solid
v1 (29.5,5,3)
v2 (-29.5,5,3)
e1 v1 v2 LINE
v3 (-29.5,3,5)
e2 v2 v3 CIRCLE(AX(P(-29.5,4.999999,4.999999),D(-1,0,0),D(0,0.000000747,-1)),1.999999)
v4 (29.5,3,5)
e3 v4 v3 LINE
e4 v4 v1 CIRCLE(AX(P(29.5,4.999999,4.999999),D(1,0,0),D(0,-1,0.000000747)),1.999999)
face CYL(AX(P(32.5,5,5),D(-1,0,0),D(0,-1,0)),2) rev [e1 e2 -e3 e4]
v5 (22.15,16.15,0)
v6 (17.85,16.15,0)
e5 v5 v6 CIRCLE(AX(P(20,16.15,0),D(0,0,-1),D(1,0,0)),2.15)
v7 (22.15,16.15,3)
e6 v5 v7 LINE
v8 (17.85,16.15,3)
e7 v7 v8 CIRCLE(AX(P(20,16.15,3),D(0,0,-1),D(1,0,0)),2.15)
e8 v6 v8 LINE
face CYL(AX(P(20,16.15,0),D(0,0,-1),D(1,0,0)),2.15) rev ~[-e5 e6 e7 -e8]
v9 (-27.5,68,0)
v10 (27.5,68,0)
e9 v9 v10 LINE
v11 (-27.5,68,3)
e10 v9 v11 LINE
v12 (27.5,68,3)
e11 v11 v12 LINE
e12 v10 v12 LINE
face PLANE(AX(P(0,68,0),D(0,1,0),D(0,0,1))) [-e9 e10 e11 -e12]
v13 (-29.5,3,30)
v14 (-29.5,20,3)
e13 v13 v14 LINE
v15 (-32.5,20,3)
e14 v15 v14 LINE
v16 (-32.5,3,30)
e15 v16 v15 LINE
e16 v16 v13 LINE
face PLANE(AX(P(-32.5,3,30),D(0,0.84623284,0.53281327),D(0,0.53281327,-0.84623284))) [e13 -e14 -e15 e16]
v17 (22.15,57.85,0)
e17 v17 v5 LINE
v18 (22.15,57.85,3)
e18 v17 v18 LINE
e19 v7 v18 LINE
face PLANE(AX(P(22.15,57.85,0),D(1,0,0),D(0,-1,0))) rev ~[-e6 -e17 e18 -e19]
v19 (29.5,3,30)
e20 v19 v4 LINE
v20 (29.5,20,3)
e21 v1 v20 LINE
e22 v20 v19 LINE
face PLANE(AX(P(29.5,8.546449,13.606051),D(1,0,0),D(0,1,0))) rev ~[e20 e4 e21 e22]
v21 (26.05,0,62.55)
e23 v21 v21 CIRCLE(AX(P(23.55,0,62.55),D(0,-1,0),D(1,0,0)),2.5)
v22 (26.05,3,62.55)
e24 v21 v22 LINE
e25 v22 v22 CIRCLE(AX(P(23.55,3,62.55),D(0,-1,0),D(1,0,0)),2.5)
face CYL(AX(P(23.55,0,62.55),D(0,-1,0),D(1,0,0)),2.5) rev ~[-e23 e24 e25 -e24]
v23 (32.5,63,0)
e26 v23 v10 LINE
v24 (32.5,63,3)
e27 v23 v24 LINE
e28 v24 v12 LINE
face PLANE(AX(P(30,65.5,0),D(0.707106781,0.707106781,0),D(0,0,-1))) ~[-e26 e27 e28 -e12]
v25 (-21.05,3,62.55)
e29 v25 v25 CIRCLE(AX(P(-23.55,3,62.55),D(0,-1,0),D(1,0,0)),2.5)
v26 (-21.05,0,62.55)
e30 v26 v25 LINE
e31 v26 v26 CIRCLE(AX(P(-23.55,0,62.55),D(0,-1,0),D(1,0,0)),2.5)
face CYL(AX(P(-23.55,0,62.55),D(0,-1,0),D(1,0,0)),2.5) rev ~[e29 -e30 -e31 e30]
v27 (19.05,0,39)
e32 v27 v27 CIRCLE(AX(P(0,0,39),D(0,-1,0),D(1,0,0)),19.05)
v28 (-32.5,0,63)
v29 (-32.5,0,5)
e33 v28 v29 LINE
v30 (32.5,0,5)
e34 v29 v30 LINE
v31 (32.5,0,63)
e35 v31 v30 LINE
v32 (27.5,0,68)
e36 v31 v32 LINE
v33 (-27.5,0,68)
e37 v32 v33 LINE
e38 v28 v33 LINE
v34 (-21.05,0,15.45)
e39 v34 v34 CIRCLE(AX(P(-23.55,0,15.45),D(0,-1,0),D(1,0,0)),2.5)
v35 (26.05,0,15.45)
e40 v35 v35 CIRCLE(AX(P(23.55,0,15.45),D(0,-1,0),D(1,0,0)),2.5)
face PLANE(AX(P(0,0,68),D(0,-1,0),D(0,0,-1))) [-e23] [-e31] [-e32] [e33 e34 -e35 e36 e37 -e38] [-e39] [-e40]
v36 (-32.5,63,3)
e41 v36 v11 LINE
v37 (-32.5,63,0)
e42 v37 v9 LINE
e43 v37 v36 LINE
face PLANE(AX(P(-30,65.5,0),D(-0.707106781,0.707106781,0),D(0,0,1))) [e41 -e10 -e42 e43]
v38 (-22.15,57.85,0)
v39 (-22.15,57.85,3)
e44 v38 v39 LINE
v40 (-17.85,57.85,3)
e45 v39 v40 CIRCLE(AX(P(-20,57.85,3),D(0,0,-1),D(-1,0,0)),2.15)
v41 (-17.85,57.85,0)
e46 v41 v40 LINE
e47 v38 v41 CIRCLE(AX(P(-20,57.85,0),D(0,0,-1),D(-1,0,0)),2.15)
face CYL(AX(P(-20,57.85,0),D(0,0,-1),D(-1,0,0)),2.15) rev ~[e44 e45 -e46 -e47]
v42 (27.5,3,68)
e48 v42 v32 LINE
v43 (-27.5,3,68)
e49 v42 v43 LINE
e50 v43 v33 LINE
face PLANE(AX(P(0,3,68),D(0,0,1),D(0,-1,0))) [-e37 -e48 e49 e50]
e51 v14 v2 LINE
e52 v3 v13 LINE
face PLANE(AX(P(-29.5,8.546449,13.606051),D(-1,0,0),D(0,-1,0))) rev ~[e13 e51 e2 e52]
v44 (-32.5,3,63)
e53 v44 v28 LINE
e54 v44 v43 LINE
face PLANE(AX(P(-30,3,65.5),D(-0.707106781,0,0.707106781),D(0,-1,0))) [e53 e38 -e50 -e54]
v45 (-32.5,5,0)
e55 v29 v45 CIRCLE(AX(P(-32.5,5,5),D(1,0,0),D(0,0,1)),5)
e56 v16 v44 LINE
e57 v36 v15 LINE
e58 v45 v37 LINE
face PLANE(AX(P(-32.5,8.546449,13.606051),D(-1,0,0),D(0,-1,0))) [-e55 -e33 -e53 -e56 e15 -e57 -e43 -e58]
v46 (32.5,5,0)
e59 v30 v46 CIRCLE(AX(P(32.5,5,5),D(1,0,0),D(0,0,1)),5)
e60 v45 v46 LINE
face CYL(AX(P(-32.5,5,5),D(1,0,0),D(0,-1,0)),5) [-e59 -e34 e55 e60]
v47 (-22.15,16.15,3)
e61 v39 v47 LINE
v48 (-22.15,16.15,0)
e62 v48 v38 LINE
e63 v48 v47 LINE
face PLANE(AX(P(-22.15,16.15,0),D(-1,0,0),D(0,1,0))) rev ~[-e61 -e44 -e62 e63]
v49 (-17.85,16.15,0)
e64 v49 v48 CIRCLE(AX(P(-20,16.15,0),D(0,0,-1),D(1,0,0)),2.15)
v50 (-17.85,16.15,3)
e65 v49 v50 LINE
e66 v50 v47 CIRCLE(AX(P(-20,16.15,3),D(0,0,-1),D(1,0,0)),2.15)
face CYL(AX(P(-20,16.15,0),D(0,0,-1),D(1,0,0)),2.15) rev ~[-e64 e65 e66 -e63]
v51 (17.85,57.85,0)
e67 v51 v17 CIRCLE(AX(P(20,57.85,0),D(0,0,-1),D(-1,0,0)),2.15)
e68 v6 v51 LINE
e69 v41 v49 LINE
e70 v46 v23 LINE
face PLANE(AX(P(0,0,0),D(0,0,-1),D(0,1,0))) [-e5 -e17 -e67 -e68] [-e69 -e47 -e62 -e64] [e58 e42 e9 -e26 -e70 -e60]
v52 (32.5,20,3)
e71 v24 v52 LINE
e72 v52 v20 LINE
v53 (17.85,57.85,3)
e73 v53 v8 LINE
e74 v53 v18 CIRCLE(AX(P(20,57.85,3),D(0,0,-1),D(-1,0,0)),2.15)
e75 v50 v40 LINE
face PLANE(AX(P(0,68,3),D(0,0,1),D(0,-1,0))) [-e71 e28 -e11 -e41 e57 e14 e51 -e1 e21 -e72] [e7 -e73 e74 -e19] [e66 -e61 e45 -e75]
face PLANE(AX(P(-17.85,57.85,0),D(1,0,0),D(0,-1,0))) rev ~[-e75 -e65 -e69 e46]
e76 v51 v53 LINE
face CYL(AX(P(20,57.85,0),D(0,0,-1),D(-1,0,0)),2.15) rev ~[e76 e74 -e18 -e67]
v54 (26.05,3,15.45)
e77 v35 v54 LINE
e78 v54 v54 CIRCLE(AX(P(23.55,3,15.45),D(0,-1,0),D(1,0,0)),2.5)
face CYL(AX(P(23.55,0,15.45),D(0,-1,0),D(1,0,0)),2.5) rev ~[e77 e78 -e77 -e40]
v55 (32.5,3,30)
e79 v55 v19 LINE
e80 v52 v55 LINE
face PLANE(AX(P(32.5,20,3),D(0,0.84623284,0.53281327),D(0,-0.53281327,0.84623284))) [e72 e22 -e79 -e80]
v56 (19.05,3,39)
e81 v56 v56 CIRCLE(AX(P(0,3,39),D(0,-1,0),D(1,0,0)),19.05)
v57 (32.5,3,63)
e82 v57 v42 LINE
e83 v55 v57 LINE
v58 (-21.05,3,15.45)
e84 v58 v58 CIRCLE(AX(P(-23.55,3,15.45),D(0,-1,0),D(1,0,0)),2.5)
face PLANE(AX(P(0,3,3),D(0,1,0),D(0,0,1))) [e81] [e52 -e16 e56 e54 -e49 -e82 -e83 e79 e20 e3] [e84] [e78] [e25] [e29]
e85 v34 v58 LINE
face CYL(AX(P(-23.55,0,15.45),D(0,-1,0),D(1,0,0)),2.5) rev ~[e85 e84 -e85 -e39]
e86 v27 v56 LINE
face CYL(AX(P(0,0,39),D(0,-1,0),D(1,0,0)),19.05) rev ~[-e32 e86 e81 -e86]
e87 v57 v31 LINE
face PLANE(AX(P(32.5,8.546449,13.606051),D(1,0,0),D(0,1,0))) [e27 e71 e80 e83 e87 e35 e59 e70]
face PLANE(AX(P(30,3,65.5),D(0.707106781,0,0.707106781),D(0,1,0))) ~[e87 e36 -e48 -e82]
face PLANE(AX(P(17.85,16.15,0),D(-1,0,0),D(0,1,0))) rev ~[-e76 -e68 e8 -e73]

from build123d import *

# Parameters (mm, degrees)
F1_DEPTH  = 32.5
F2_R      = 5
F3_R      = 2
F4_R      = 19.05
F4_R_2    = 2.5
F5_DEPTH  = 68.001
F7_DEPTH  = 68.001
F9_DEPTH  = 3
F11_DEPTH = 3
F12_SIZE  = 5


with BuildPart() as f1:
    # F0 (on Right) → F1 (new body, symmetric)
    with BuildSketch(Plane.YZ):
        Polygon((0, 68), (0, 0), (68, 0), (68, 3), (3, 3), (3, 68), align=None)
    extrude(amount=F1_DEPTH, both=True)

    # F2
    f2_edges = [f1.edges().sort_by_distance(p)[0] for p in [
        (0, 0, 0),
    ]]
    fillet(f2_edges, radius=F2_R)

    # F3
    f3_edges = [f1.edges().sort_by_distance(p)[0] for p in [
        (0, 3, 3),
    ]]
    fillet(f3_edges, radius=F3_R)

    # F4 (on face) → F5 (cut, through all)
    with BuildSketch(Plane.XZ):
        with Locations((0, 39)):
            Circle(F4_R)
        with Locations((-23.55, 15.45)):
            Circle(F4_R_2)
        with Locations((23.55, 15.45)):
            Circle(F4_R_2)
        with Locations((23.55, 62.55)):
            Circle(F4_R_2)
        with Locations((-23.55, 62.55)):
            Circle(F4_R_2)
    extrude(amount=-F5_DEPTH, mode=Mode.SUBTRACT)

    # F6 (on face) → F7 (cut, through all)
    with BuildSketch(Plane(origin=(0, 0, 0), x_dir=(1, 0, 0), z_dir=(0, 0, -1))):
        with BuildLine():
            ThreePointArc((-22.15, -57.85), (-20, -60), (-17.85, -57.85))
            Line((-17.85, -57.85), (-17.85, -16.15))
            ThreePointArc((-17.85, -16.15), (-20, -14), (-22.15, -16.15))
            Line((-22.15, -16.15), (-22.15, -57.85))
        make_face()
        with BuildLine():
            ThreePointArc((17.85, -57.85), (20, -60), (22.15, -57.85))
            Line((22.15, -57.85), (22.15, -16.15))
            ThreePointArc((22.15, -16.15), (20, -14), (17.85, -16.15))
            Line((17.85, -16.15), (17.85, -57.85))
        make_face()
    extrude(amount=-F7_DEPTH, mode=Mode.SUBTRACT)

    # F8 (on face) → F9 (join)
    with BuildSketch(Plane.YZ.offset(32.5)):
        with BuildLine():
            Line((3, 30), (3, 5))
            ThreePointArc((3, 5), (3.585786, 3.585786), (5, 3))
            Line((5, 3), (20, 3))
            Line((20, 3), (3, 30))
        make_face()
    extrude(amount=-F9_DEPTH)

    # F10 (on face) → F11 (join)
    with BuildSketch(Plane(origin=(-32.5, 0, 0), x_dir=(0, -1, 0), z_dir=(-1, 0, 0))):
        with BuildLine():
            Line((-3, 5), (-3, 30))
            Line((-3, 30), (-20, 3))
            Line((-20, 3), (-5, 3))
            ThreePointArc((-5, 3), (-3.585786, 3.585786), (-3, 5))
        make_face()
    extrude(amount=-F11_DEPTH)

    # F12
    f12_edges = [f1.edges().sort_by_distance(p)[0] for p in [
        (32.5, 1.5, 68),
        (32.5, 68, 1.5),
        (-32.5, 68, 1.5),
        (-32.5, 1.5, 68),
    ]]
    chamfer(f12_edges, length=F12_SIZE)


solid = f1.part
